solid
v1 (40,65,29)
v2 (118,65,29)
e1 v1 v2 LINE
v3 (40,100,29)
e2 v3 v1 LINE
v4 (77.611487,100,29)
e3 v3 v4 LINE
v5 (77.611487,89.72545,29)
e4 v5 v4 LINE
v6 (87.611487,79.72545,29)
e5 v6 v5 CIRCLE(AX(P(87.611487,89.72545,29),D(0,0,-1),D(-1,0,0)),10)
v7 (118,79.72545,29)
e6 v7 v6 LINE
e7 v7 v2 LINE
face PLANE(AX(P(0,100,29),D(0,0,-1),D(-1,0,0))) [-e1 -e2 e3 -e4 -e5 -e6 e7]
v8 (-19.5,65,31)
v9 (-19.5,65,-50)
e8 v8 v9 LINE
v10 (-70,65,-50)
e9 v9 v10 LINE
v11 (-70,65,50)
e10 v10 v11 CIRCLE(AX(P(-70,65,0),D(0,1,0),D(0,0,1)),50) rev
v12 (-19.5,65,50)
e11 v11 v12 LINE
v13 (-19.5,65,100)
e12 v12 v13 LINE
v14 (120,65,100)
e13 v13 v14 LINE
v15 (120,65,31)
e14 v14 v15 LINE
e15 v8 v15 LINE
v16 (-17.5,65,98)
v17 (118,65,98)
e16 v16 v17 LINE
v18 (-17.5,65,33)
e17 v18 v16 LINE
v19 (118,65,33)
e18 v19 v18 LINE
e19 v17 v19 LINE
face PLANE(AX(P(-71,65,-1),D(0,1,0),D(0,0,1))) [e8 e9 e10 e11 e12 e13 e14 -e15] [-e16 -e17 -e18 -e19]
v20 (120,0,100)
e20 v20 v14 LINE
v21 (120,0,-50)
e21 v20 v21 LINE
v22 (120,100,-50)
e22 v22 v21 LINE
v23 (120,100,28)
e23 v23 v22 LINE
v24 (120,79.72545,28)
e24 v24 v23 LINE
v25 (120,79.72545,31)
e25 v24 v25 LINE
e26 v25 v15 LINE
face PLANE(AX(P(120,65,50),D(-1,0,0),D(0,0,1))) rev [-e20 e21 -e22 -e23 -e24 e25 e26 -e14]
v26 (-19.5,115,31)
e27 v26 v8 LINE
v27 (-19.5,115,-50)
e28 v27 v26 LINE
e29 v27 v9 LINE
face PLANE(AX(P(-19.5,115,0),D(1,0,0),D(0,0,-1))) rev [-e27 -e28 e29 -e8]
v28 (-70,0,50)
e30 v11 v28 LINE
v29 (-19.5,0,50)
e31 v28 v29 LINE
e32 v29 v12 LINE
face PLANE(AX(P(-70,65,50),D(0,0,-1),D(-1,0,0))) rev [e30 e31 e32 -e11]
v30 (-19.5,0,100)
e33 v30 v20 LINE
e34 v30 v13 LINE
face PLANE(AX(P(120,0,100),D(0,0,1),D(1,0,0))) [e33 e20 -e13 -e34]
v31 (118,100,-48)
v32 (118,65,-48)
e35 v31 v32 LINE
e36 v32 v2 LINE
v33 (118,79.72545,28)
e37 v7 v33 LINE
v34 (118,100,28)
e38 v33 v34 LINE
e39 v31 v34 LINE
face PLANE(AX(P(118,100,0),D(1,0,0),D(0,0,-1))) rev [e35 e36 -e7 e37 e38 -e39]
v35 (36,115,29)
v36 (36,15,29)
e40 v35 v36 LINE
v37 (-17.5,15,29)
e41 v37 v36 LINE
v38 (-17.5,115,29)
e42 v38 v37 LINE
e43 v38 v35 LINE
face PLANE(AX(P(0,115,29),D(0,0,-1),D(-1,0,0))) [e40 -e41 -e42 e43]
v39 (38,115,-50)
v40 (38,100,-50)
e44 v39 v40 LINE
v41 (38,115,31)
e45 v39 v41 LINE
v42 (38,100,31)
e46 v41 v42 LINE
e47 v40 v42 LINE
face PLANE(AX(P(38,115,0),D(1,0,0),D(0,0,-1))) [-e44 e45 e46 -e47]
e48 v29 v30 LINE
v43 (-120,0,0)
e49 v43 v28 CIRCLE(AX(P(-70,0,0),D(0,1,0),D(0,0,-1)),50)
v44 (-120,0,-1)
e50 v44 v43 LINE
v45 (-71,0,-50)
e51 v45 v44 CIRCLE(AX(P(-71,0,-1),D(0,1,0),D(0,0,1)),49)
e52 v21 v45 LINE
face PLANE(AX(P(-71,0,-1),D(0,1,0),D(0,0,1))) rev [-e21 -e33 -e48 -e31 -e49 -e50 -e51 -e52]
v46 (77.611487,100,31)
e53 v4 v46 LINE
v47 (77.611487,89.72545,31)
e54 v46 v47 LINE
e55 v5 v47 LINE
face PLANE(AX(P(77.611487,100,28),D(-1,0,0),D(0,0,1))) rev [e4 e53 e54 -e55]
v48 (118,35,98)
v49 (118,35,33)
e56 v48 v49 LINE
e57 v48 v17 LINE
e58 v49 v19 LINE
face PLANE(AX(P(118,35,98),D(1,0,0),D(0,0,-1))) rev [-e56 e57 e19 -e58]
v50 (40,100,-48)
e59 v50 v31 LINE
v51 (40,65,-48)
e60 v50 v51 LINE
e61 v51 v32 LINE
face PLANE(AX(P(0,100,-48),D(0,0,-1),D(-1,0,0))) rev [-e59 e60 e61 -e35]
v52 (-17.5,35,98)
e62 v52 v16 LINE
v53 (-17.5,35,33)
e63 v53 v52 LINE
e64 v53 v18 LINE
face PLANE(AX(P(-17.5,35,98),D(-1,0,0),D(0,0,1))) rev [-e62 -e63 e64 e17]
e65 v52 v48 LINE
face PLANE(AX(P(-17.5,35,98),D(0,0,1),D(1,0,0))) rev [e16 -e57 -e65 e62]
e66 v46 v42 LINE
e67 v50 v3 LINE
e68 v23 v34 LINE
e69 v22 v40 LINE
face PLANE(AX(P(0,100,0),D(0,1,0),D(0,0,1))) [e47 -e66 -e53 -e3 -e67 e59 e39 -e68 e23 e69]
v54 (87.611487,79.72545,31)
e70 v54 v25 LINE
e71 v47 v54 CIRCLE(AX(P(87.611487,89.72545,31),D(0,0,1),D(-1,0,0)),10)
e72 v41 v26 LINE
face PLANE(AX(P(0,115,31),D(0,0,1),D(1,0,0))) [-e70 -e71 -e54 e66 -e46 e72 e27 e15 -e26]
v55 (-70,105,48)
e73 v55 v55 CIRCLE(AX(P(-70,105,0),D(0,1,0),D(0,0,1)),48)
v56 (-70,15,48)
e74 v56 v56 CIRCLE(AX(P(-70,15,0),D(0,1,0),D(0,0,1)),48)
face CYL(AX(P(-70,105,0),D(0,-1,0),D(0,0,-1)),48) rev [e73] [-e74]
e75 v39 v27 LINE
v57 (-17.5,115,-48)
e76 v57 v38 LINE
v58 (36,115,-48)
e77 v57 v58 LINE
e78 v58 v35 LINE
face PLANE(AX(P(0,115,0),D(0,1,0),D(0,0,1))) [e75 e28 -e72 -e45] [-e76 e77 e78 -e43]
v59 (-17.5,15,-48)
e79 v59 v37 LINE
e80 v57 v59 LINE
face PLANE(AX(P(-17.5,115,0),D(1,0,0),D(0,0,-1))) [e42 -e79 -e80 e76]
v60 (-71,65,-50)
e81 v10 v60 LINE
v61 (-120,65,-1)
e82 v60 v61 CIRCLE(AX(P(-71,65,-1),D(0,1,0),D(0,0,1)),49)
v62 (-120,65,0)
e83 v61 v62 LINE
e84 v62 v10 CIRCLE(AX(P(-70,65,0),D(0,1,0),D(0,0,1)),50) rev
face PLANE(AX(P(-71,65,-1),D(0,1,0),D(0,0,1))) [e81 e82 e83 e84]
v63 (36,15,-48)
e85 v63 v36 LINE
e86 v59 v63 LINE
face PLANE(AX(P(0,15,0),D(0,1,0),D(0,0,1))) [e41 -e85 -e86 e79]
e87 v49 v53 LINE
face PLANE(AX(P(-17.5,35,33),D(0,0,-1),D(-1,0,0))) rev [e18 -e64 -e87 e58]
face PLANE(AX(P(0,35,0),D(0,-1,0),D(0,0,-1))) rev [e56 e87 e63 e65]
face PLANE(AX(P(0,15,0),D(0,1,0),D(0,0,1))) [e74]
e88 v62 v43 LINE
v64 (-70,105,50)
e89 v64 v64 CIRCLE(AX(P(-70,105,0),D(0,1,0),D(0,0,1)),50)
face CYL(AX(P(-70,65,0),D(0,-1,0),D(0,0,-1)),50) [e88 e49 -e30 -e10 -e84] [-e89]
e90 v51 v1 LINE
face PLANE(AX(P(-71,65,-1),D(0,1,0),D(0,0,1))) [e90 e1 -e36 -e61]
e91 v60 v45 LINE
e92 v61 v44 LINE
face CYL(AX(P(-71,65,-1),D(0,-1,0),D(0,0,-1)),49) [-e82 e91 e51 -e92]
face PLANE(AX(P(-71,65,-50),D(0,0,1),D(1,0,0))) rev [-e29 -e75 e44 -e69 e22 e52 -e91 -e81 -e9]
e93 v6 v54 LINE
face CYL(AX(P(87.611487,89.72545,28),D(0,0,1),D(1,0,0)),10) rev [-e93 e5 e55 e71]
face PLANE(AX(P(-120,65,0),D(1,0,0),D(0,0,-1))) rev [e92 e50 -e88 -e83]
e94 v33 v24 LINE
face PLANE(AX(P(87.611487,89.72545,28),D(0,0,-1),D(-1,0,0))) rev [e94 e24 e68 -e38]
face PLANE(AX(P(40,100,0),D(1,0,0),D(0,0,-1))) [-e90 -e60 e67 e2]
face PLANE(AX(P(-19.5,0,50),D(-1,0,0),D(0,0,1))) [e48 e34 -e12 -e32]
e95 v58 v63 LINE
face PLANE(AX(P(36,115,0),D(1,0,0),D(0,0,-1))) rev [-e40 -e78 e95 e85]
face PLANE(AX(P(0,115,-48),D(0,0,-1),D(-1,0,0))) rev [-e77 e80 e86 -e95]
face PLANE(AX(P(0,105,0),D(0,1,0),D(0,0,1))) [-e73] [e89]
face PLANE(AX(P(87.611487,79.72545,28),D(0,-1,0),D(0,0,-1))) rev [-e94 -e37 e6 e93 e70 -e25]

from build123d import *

# Parameters (mm, degrees)
BOSS_EXTRUDE1_DEPTH = 65
BOSS_EXTRUDE3_START = -60
SKETCH2_R           = 48
BOSS_EXTRUDE3_DEPTH = 100
CUT_EXTRUDE1_START  = -50
SKETCH2_6_R         = 48
CUT_EXTRUDE1_DEPTH  = 50
BOSS_EXTRUDE6_START = -50
SKETCH2_9_W         = 57.5
SKETCH2_9_H         = 81
SKETCH2_9_W_2       = 53.5
SKETCH2_9_H_2       = 77
BOSS_EXTRUDE6_DEPTH = 100
SKETCH2_10_W        = 53.5
SKETCH2_10_H        = 77
CUT_EXTRUDE2_DEPTH  = 50
SKETCH2_11_W        = 82
SKETCH2_11_H        = 81
SKETCH2_11_W_2      = 78
SKETCH2_11_H_2      = 77
BOSS_EXTRUDE7_DEPTH = 35
CUT_EXTRUDE4_DEPTH  = 3
SKETCH10_W          = 139.5
SKETCH10_H          = 50
BOSS_EXTRUDE9_DEPTH = 65
SKETCH10_3_W        = 139.5
SKETCH10_3_H        = 50
CUT_EXTRUDE5_DEPTH  = 20
SKETCH7_W           = 139.5
SKETCH7_H           = 50
BOSS_EXTRUDE8_DEPTH = 65
SKETCH8_W           = 135.5
SKETCH8_H           = 65
CUT_EXTRUDE6_DEPTH  = 30


with BuildPart() as part:
    # Sketch1 → Boss-Extrude1 (new body)
    with BuildSketch(Plane(origin=(0, 0, 0), x_dir=(1, 0, 0), z_dir=(0, 1, 0))):
        with BuildLine():
            Line((-70, -50), (120, -50))
            Line((120, -50), (120, 50))
            Line((120, 50), (-71, 50))
            ThreePointArc((-71, 50), (-105.648232278, 35.648232278), (-120, 1))
            Line((-120, 1), (-120, 0))
            ThreePointArc((-120, 0), (-105.355339059, -35.355339059), (-70, -50))
        make_face()
    extrude(amount=BOSS_EXTRUDE1_DEPTH)

    # Sketch2 → Boss-Extrude3 (add)
    with BuildSketch(Plane(origin=(0, 65, 0), x_dir=(1, 0, 0), z_dir=(0, 1, 0)).offset(BOSS_EXTRUDE3_START)):
        with BuildLine():
            ThreePointArc((-70, -50), (-34.644660941, -35.355339059), (-20, 0))
            ThreePointArc((-20, 0), (-70, 50), (-120, 0))
            ThreePointArc((-120, 0), (-105.355339059, -35.355339059), (-70, -50))
        make_face()
        with Locations((-70, 0)):
            Circle(SKETCH2_R, mode=Mode.SUBTRACT)
    extrude(amount=BOSS_EXTRUDE3_DEPTH)

    # Sketch2<6> → Cut-Extrude1 (cut)
    with BuildSketch(Plane(origin=(0, 65, 0), x_dir=(1, 0, 0), z_dir=(0, 1, 0)).offset(CUT_EXTRUDE1_START)):
        with Locations((-70, 0)):
            Circle(SKETCH2_6_R)
    extrude(amount=CUT_EXTRUDE1_DEPTH, mode=Mode.SUBTRACT)

    # Sketch2<9> → Boss-Extrude6 (add)
    with BuildSketch(Plane(origin=(0, 65, 0), x_dir=(1, 0, 0), z_dir=(0, 1, 0)).offset(BOSS_EXTRUDE6_START)):
        with Locations((9.25, 9.5)):
            Rectangle(SKETCH2_9_W, SKETCH2_9_H)
        with Locations((9.25, 9.5)):
            Rectangle(SKETCH2_9_W_2, SKETCH2_9_H_2, mode=Mode.SUBTRACT)
    extrude(amount=BOSS_EXTRUDE6_DEPTH)

    # Sketch2<10> → Cut-Extrude2 (cut)
    with BuildSketch(Plane(origin=(0, 65, 0), x_dir=(1, 0, 0), z_dir=(0, 1, 0))):
        with Locations((9.25, 9.5)):
            Rectangle(SKETCH2_10_W, SKETCH2_10_H)
    extrude(amount=-CUT_EXTRUDE2_DEPTH, mode=Mode.SUBTRACT)

    # Sketch2<11> → Boss-Extrude7 (add)
    with BuildSketch(Plane(origin=(0, 65, 0), x_dir=(1, 0, 0), z_dir=(0, 1, 0))):
        with Locations((79, 9.5)):
            Rectangle(SKETCH2_11_W, SKETCH2_11_H)
        with Locations((79, 9.5)):
            Rectangle(SKETCH2_11_W_2, SKETCH2_11_H_2, mode=Mode.SUBTRACT)
    extrude(amount=BOSS_EXTRUDE7_DEPTH)

    # Sketch5 → Cut-Extrude4 (cut)
    with BuildSketch(Plane.XY.offset(31)):
        with BuildLine():
            Line((77.611486798, 100), (77.611486798, 89.725450473))
            ThreePointArc((77.611486798, 89.725450473), (80.540418986, 82.654382661), (87.611486798, 79.725450473))
            Line((87.611486798, 79.725450473), (120, 79.725450473))
            Line((120, 79.725450473), (120, 100))
            Line((120, 100), (77.611486798, 100))
        make_face()
    extrude(amount=-CUT_EXTRUDE4_DEPTH, mode=Mode.SUBTRACT)

    # Sketch10 → Boss-Extrude9 (add)
    with BuildSketch(Plane(origin=(0, 65, 0), x_dir=(1, 0, 0), z_dir=(0, 1, 0))):
        with Locations((50.25, -75)):
            Rectangle(SKETCH10_W, SKETCH10_H)
    extrude(amount=-BOSS_EXTRUDE9_DEPTH)

    # Sketch10<3> → Cut-Extrude5 (cut)
    with BuildSketch(Plane(origin=(0, 65, 0), x_dir=(1, 0, 0), z_dir=(0, 1, 0))):
        with Locations((50.25, -75)):
            Rectangle(SKETCH10_3_W, SKETCH10_3_H)
    extrude(amount=-CUT_EXTRUDE5_DEPTH, mode=Mode.SUBTRACT)

    # Sketch7 → Boss-Extrude8 (add)
    with BuildSketch(Plane(origin=(0, 65, 0), x_dir=(1, 0, 0), z_dir=(0, 1, 0))):
        with Locations((50.25, -75)):
            Rectangle(SKETCH7_W, SKETCH7_H)
    extrude(amount=-BOSS_EXTRUDE8_DEPTH)

    # Sketch8 → Cut-Extrude6 (cut)
    with BuildSketch(Plane(origin=(0, 65, 0), x_dir=(1, 0, 0), z_dir=(0, 1, 0))):
        with Locations((50.25, -65.5)):
            Rectangle(SKETCH8_W, SKETCH8_H)
    extrude(amount=-CUT_EXTRUDE6_DEPTH, mode=Mode.SUBTRACT)


solid = part.part
